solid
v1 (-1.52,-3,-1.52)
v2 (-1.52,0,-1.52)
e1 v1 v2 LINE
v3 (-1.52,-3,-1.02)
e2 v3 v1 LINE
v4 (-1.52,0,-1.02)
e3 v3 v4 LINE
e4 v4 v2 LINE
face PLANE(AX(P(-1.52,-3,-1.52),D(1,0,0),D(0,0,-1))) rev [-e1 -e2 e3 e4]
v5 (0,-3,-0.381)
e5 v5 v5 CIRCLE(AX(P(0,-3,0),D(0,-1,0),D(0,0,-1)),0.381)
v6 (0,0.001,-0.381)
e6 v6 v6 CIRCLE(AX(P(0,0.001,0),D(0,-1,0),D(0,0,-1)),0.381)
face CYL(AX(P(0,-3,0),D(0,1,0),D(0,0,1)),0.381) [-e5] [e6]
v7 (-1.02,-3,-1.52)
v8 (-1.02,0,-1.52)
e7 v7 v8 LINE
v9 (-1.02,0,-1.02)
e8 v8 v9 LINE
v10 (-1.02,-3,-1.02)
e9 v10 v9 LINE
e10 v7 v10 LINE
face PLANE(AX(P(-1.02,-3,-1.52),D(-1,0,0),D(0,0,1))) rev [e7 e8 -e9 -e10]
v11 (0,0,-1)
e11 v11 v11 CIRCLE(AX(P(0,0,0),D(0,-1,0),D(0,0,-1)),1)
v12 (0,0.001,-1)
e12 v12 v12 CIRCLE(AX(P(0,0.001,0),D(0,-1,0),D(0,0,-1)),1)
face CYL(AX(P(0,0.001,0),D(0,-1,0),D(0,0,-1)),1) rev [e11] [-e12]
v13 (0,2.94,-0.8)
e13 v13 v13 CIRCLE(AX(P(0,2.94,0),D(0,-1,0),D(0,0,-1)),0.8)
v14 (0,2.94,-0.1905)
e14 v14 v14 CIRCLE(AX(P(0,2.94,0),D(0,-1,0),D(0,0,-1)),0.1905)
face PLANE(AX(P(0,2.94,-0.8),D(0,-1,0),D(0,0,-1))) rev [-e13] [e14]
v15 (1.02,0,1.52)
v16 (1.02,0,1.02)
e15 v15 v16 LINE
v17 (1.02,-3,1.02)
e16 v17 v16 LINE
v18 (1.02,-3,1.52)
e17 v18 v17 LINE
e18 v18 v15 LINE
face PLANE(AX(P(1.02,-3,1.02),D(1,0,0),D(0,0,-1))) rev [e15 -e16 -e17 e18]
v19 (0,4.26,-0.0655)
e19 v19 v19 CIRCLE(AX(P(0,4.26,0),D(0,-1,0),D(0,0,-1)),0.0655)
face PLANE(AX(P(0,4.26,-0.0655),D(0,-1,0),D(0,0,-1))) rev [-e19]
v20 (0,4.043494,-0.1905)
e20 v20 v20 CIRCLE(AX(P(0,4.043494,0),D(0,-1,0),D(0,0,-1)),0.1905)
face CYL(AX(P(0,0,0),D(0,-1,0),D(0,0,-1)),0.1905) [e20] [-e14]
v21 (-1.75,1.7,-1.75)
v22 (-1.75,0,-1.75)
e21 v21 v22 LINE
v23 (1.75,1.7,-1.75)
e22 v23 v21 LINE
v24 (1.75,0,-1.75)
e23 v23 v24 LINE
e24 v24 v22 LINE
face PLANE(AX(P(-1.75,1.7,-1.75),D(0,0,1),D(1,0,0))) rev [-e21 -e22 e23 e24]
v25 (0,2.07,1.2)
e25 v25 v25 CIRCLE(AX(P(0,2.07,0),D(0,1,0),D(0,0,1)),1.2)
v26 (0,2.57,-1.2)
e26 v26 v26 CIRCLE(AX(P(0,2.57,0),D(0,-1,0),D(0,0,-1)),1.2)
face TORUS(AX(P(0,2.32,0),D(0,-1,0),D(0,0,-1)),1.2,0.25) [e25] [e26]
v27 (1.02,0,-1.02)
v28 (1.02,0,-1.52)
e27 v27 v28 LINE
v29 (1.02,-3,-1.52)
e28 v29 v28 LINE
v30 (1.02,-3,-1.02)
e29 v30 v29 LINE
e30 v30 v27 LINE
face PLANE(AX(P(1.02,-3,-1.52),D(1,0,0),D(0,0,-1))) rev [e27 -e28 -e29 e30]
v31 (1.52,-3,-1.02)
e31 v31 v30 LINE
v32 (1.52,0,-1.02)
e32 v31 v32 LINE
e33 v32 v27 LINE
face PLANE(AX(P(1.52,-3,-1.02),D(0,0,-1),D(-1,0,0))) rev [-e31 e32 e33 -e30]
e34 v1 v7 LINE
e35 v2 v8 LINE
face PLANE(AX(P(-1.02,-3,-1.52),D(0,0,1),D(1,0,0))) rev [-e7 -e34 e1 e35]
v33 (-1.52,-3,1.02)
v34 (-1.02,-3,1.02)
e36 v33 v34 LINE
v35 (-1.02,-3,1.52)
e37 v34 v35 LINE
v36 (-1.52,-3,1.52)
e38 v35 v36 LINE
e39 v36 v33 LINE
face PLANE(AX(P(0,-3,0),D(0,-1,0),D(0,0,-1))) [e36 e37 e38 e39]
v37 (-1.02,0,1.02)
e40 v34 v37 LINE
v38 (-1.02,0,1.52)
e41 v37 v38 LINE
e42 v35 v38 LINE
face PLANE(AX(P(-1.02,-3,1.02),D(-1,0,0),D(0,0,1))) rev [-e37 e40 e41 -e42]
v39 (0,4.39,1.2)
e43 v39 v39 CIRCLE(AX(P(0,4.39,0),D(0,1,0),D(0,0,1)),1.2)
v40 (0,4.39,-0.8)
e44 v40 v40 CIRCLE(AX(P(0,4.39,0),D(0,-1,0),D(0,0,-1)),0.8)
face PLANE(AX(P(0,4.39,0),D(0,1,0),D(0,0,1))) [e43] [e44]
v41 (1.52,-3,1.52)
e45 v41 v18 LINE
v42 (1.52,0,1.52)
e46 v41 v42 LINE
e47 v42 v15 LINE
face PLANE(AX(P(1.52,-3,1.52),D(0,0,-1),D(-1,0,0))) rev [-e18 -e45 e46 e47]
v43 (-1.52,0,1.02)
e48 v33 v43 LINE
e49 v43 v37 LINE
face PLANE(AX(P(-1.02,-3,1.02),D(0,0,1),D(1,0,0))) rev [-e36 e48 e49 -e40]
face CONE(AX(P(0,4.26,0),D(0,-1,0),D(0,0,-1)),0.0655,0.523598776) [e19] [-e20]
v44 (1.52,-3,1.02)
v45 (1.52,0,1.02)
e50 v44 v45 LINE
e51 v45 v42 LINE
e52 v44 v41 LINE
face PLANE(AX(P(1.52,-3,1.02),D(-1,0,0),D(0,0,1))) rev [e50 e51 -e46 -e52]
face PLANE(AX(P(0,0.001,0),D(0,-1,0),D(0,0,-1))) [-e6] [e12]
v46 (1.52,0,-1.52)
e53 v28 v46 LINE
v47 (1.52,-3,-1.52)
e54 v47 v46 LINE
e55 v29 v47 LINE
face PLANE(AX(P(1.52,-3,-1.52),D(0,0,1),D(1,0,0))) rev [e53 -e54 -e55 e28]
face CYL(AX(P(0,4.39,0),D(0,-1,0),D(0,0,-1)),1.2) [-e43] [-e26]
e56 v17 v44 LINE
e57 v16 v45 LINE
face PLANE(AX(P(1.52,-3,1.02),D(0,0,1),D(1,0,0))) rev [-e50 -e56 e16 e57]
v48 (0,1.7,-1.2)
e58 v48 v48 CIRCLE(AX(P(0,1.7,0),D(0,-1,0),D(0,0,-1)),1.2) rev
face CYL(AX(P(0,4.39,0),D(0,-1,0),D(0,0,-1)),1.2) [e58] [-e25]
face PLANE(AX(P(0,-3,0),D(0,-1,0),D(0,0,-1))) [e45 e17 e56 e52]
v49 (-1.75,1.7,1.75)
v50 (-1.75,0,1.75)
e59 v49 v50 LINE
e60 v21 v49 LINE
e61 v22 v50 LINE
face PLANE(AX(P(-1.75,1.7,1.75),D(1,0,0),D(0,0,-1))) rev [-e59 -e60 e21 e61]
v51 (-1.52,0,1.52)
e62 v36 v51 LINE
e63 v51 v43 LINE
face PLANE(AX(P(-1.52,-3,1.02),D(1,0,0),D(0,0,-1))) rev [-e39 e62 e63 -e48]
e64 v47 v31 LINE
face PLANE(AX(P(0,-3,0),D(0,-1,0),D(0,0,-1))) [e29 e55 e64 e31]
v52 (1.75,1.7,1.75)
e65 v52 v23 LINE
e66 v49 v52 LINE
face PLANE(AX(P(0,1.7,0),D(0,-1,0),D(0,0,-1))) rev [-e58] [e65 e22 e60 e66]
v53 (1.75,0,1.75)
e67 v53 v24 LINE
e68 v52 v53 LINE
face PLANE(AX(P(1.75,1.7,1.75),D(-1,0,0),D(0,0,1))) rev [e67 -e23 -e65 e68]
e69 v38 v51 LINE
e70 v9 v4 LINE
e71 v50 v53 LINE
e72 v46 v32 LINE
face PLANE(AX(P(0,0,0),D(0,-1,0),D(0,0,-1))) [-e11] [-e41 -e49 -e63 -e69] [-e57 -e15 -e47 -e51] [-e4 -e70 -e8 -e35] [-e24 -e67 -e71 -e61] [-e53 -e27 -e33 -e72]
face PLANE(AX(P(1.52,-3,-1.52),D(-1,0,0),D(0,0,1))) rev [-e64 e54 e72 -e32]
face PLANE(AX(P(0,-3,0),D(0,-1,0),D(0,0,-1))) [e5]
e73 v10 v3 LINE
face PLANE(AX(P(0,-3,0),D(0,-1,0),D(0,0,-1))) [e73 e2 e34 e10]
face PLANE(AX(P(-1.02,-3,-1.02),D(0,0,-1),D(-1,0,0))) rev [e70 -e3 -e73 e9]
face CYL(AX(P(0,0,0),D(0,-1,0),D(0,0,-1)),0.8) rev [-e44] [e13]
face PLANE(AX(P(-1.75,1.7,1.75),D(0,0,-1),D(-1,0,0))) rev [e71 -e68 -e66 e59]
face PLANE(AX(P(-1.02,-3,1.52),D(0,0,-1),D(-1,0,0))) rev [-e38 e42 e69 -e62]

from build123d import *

# Parameters (mm, degrees)
SKETCH1_W           = 3.5
SKETCH1_H           = 3.5
BOSS_EXTRUDE1_DEPTH = 1.7
SKETCH2_R           = 1.2
BOSS_EXTRUDE2_DEPTH = 2.69
SKETCH4_R           = 0.25
SKETCH5_R           = 0.381
SKETCH5_W           = 0.5
SKETCH5_H           = 0.5
BOSS_EXTRUDE3_DEPTH = 3
CUT_EXTRUDE1_START  = -0.001
SKETCH6_R           = 1
SKETCH6_R_2         = 0.381
CUT_EXTRUDE1_DEPTH  = 0.001


with BuildPart() as part:
    # Sketch1 → Boss-Extrude1 (new body)
    with BuildSketch(Plane(origin=(0, 0, 0), x_dir=(1, 0, 0), z_dir=(0, 1, 0))):
        Rectangle(SKETCH1_W, SKETCH1_H)
    extrude(amount=BOSS_EXTRUDE1_DEPTH)

    # Sketch2 → Boss-Extrude2 (add)
    with BuildSketch(Plane(origin=(0, 1.7, 0), x_dir=(1, 0, 0), z_dir=(0, 1, 0))):
        Circle(SKETCH2_R)
    extrude(amount=BOSS_EXTRUDE2_DEPTH)

    # Sketch3 → Cut-Revolve1 (revolve, cut)
    with BuildSketch(Plane(origin=(0, 0, 0), x_dir=(0, 0, -1), z_dir=(1, 0, 0))):
        Polygon((0, 4.39), (0, 4.26), (0.0655, 4.26), (0.1905, 4.043493649), (0.1905, 2.94), (0.8, 2.94), (0.8, 4.39), align=None)
    revolve(axis=Axis((0, 0, 0), (0, 1, 0)), mode=Mode.SUBTRACT)

    # Sketch4 → Revolve1 (revolve)
    with BuildSketch(Plane(origin=(0, 0, 0), x_dir=(0, 0, -1), z_dir=(1, 0, 0))):
        with Locations((-1.2, 2.32)):
            Circle(SKETCH4_R)
    revolve(axis=Axis((0, 0, 0), (0, 1, 0)))

    # Sketch5 → Boss-Extrude3 (add)
    with BuildSketch(Plane.XZ):
        Circle(SKETCH5_R)
        with Locations((-1.27, -1.27)):
            Rectangle(SKETCH5_W, SKETCH5_H)
        with Locations((1.27, -1.27)):
            Rectangle(SKETCH5_W, SKETCH5_H)
        with Locations((-1.27, 1.27)):
            Rectangle(SKETCH5_W, SKETCH5_H)
        with Locations((1.27, 1.27)):
            Rectangle(SKETCH5_W, SKETCH5_H)
    extrude(amount=BOSS_EXTRUDE3_DEPTH)

    # Sketch6 → Cut-Extrude1 (cut)
    with BuildSketch(Plane.XZ.offset(CUT_EXTRUDE1_START)):
        Circle(SKETCH6_R)
        Circle(SKETCH6_R_2, mode=Mode.SUBTRACT)
    extrude(amount=CUT_EXTRUDE1_DEPTH, mode=Mode.SUBTRACT)


solid = part.part
